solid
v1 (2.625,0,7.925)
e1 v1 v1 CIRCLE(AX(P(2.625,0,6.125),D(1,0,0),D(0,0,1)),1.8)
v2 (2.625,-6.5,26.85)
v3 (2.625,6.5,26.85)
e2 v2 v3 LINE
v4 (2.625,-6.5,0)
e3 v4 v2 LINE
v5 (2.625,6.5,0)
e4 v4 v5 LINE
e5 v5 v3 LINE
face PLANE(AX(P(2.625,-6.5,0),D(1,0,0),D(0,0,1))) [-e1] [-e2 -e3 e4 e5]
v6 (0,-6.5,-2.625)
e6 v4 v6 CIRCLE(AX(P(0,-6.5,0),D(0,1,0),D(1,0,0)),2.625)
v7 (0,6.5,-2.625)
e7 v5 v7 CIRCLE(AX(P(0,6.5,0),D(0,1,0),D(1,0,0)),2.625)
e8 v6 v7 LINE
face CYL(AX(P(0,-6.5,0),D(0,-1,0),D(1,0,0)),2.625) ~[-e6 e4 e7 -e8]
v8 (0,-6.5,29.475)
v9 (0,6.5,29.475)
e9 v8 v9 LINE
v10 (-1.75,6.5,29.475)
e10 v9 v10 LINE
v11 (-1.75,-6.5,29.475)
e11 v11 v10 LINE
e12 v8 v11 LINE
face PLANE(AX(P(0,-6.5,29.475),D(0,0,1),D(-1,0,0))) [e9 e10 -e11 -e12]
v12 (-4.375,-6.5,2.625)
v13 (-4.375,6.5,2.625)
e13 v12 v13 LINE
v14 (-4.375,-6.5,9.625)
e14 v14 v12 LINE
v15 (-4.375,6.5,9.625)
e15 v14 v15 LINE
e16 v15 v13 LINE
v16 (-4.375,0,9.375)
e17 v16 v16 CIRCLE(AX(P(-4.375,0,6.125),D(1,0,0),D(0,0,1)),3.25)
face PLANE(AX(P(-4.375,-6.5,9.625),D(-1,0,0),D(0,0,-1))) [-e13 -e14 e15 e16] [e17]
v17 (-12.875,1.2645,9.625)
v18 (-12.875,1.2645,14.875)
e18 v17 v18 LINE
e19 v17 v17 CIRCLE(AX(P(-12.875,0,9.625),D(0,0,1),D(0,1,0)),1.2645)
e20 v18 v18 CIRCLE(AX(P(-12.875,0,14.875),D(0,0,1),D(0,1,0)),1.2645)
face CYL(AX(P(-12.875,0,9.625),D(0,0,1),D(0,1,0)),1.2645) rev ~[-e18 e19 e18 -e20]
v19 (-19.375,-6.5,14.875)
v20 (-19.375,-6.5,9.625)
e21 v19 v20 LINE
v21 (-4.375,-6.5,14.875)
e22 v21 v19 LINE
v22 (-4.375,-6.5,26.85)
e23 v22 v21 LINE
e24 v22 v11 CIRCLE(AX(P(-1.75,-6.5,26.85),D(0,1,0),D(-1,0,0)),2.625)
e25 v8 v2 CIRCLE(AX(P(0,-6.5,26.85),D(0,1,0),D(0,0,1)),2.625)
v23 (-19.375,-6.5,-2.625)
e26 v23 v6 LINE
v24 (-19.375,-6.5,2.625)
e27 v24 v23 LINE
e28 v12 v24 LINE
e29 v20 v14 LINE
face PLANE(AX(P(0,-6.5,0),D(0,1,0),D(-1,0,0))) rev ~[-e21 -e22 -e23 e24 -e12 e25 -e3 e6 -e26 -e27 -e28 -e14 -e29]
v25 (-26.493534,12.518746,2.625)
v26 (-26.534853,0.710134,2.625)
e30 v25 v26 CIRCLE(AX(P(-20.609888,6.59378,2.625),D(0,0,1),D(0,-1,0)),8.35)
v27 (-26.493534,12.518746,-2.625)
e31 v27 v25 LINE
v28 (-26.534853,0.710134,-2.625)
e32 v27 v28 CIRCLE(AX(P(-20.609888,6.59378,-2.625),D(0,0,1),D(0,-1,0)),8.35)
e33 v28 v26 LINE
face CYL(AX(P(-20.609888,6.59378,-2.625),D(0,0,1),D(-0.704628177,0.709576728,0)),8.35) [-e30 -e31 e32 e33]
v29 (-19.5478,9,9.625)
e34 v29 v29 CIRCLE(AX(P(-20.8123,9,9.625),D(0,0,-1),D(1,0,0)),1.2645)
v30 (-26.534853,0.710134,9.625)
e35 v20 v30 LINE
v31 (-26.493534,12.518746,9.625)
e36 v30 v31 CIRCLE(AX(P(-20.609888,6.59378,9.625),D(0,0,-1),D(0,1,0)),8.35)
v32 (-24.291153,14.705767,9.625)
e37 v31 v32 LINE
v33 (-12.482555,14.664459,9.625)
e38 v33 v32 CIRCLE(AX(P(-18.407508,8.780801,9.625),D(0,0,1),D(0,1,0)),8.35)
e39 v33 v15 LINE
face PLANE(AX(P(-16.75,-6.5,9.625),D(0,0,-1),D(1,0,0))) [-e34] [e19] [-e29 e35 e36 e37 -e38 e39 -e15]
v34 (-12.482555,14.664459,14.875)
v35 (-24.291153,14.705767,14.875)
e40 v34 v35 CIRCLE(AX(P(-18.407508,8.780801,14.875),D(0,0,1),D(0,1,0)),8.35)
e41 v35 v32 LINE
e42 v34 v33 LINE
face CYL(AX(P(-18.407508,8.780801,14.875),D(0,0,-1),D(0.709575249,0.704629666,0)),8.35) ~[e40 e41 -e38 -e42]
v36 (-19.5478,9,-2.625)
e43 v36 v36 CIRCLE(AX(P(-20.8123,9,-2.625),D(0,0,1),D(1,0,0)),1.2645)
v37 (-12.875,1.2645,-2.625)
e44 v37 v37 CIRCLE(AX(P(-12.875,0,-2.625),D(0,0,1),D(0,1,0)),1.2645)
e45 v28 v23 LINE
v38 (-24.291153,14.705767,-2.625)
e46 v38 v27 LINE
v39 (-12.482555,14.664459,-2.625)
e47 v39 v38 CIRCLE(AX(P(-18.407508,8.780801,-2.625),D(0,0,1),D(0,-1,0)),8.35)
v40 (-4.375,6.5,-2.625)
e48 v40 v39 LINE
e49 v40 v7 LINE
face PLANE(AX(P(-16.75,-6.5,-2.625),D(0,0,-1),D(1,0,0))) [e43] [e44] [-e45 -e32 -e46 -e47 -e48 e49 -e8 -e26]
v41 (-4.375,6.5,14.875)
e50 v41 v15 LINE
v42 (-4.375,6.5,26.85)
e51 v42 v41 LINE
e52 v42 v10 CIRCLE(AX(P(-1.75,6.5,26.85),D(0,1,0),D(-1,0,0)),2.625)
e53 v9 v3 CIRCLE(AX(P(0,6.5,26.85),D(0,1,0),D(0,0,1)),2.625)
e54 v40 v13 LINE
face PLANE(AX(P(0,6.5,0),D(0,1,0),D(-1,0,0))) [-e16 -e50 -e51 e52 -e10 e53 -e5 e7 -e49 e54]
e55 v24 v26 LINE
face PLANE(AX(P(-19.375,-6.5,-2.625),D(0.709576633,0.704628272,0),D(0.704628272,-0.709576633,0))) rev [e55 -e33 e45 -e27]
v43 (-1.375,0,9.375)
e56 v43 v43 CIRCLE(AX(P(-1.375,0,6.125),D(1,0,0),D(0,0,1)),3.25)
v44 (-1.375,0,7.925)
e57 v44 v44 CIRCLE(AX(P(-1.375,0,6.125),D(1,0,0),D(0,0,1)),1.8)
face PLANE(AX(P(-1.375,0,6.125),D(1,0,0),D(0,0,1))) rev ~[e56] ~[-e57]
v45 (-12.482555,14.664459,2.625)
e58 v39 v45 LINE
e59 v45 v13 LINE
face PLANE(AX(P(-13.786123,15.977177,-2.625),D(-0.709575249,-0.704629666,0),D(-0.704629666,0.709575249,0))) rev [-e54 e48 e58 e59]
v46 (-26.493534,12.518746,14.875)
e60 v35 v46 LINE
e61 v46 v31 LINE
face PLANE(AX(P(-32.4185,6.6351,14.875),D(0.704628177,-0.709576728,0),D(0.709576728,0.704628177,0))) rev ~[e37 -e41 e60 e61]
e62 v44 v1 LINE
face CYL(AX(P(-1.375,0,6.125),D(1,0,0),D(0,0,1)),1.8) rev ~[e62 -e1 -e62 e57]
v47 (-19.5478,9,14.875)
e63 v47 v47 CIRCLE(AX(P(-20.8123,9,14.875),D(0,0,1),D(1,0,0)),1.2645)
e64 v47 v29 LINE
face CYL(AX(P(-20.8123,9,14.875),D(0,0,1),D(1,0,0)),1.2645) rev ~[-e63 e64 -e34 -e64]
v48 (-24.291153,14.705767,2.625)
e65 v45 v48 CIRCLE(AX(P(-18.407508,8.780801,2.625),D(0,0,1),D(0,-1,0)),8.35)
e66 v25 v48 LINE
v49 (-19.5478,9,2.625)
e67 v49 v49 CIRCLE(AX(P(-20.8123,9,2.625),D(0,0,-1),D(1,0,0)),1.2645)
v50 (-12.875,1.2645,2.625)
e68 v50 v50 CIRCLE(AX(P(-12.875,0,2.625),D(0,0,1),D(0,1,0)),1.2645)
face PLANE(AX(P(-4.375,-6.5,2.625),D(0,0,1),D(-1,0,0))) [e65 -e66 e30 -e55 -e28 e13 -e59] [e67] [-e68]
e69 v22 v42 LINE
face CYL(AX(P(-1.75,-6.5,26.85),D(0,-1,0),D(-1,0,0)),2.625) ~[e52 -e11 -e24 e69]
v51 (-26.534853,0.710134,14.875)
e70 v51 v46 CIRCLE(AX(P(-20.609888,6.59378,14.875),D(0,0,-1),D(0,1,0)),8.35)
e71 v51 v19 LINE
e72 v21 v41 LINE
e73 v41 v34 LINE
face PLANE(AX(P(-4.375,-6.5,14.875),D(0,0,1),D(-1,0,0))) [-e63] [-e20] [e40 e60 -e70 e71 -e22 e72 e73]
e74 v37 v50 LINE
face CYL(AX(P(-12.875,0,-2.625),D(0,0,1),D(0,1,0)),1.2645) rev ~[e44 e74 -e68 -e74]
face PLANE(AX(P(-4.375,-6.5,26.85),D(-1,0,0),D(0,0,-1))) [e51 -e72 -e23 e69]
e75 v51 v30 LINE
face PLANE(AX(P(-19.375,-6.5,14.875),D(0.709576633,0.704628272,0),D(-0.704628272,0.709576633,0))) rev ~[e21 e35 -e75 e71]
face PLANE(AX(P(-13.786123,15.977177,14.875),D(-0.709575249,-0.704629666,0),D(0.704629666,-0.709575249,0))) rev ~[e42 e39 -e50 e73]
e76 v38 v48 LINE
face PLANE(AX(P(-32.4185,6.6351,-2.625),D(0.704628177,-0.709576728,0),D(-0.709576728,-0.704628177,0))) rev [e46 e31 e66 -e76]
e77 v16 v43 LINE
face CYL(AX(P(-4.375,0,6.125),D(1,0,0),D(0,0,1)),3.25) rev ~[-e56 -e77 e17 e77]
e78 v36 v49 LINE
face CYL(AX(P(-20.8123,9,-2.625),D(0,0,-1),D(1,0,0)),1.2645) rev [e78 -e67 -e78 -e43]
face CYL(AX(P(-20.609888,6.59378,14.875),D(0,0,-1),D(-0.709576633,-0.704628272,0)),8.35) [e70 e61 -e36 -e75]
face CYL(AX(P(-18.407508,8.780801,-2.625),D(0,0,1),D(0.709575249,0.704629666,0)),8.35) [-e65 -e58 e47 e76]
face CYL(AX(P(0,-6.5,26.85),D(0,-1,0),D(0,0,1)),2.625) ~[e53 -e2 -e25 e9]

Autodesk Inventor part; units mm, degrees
ref_plane "YZ Plane" through (0, 0, 0) normal (1, 0, 0) x (0, 1, 0)
ref_plane "Work Plane1" through (0, -6.5, 0) normal (0, 1, 0) x (-1, 0, 0)
sketch "Sketch1" plane through (0, -6.5, 0) normal (0, 1, 0) x (-1, 0, 0)
  arc A0 (-2.625, 0) -> (0, -2.625) centre (0, 0) ccw
  line L0 (-2.625, 0) -> (-2.625, 26.85)
  arc A1 (0, 29.475) -> (-2.625, 26.85) centre (0, 26.85) ccw
  line L1 (4.375, 26.85) -> (4.375, 14.875)
  line L2 (16.75, 9.625) -> (4.375, 9.625)
  line L3 (0, 29.475) -> (1.75, 29.475)
  line L4 (4.375, 9.625) -> (4.375, 2.625)
  arc A2 (4.375, 26.85) -> (1.75, 29.475) centre (1.75, 26.85) ccw
  line L5 (4.375, 14.875) -> (16.75, 14.875)
  line L6 (16.75, -2.625) -> (0, -2.625)
  arc A3 (16.75, 9.625) -> (16.75, 14.875) centre (16.75, 12.25) ccw
  line L7 (4.375, 2.625) -> (16.75, 2.625)
  arc A4 (16.75, -2.625) -> (16.75, 2.625) centre (16.75, 0) ccw
  dimension "d35" = 7
  dimension "d36" = 7
  dimension "d37" = 12.375
  dimension "d38" = 5.25
  dimension "d39" = 14.6
extrude "Extrusion2" add sketch "Sketch1" along normal blind 13
hole "Hole3" at (-12.875, 0, 9.625) direction (0, 0, 1) diameter 2.529 depth 5.25
sketch "Sketch3" plane through (-4.375, -6.5, 9.625) normal (0, 0, -1) x (-1, 0, 0)
  point P0 (8.5, 6.5)
hole "Hole1" at (-12.875, 0, -2.625) direction (0, 0, 1) diameter 2.529 depth 5.25
sketch "Sketch6" plane through (-16.75, -6.5, 14.875) normal (0, 0, 1) x (1, 0, 0)
  circle A0 centre (-4.0623, 15.5) radius 4.5
  circle A1 centre (3.875, 6.5) radius 4.5
  circle A2 centre (3.875, 6.5) radius 1.2645 projected
  line L0 (0, 0) -> (12.375, 0) projected
  line L1 (12.375, 0) -> (12.375, 13) projected
  line L2 (0, 13) -> (12.375, 13) projected
  line L3 (0, 0) -> (0, 13) projected
  circle A3 centre (3.875, 6.5) radius 1.2645 projected
  circle A4 centre (-4.0623, 15.5) radius 6.5
  circle A5 centre (3.875, 6.5) radius 6.5
  line L4 (3.875, 11) -> (-4.0623, 11)
  line L5 (0, 0) -> (0, 0) projected
  line L6 (0, 0) -> (0, 13) projected
  line L7 (0, 13) -> (0, 13) projected
  line L8 (0, 0) -> (0, 13) projected
  line L9 (-2.625, 0) -> (-2.625, 13) projected
  line L10 (-2.625, 0) -> (-15.6685, 13.1351)
  line L11 (-15.6685, 13.1351) -> (-1.6162, 27.0894)
  line L12 (12.375, 0) -> (12.375, 13) projected
  line L13 (-1.6162, 27.0894) -> (12.375, 13)
  line L14 (2.9639, 22.4772) -> (-11.0884, 8.5228)
  circle A6 centre (-4.0623, 15.5) radius 1.2645
  point P0 (16.75, 6.5)
  point P1 (-2.625, 11)
  point P2 (-0.8154, 11)
  point P3 (0, 11.7187)
  dimension "d26" = 9
  dimension "d27" = 9
  dimension "d28" = 2
  dimension "d29" = 2
  dimension "d30" = 1
extrude "Extrusion4" add sketch "Sketch6" against normal up to surface (5.25 mm away) contours A0 L14 A6 | A0 L14 A4 L2 L3 A5 L4 L9 | L14 A6 A0 | A0 L14 A4 | L9 L4 A0 | A0 L4 L9 A4 L14 | L14 L13 L2 A4 | A4 L11 L13 L14 | L14 L10 L11 A4 | A4 L9 L10 L14
sketch "Sketch7" plane through (0, -6.5, 0) normal (0, -1, 0) x (1, 0, 0)
  arc A0 (0, -2.625) -> (2.625, 0) centre (0, 0) ccw projected
  line L0 (2.625, 26.85) -> (2.625, 0) projected
  arc A1 (2.625, 26.85) -> (0, 29.475) centre (0, 26.85) ccw projected
  line L1 (-1.75, 29.475) -> (0, 29.475) projected
  arc A2 (-1.75, 29.475) -> (-4.375, 26.85) centre (-1.75, 26.85) ccw projected
  line L2 (-4.375, 14.875) -> (-4.375, 26.85) projected
  line L3 (-16.75, 14.875) -> (-4.375, 14.875) projected
  arc A3 (-16.75, 14.875) -> (-19.375, 12.25) centre (-16.75, 12.25) ccw projected
  arc A4 (-19.375, 12.25) -> (-16.75, 9.625) centre (-16.75, 12.25) ccw projected
  line L4 (-4.375, 9.625) -> (-16.75, 9.625) projected
  line L5 (-4.375, 2.625) -> (-4.375, 9.625) projected
  line L6 (-16.75, 2.625) -> (-4.375, 2.625) projected
  arc A5 (-16.75, 2.625) -> (-16.75, -2.625) centre (-16.75, 0) ccw projected
  line L7 (0, -2.625) -> (-16.75, -2.625) projected
  arc A6 (-17.5654, 14.7451) -> (-19.375, 12.25) centre (-16.75, 12.25) ccw projected
  line L8 (-17.5654, 14.875) -> (-17.5654, 14.7451) projected
  line L9 (-19.375, 14.875) -> (-17.5654, 14.875) projected
  line L10 (-19.375, 14.875) -> (-19.375, 12.25) projected
  line L11 (-32.4185, 9.625) -> (-19.375, 9.625) projected
  line L12 (-19.375, 12.25) -> (-19.375, 9.625) projected
  line L13 (-19.375, 14.875) -> (-19.375, 12.25) projected
  line L14 (-32.4185, 14.875) -> (-19.375, 14.875) projected
  line L15 (-32.4185, 14.875) -> (-32.4185, 9.625) projected
  arc A7 (-19.375, 12.25) -> (-17.5654, 9.7549) centre (-16.75, 12.25) ccw projected
  line L16 (-19.375, 12.25) -> (-19.375, 9.625) projected
  line L17 (-19.375, 9.625) -> (-17.5654, 9.625) projected
  line L18 (-17.5654, 9.7549) -> (-17.5654, 9.625) projected
  line L19 (-17.5654, 9.7549) -> (-17.5654, 9.625) projected
  line L20 (-17.5654, 9.625) -> (-16.75, 9.625) projected
  line L21 (-17.5654, 14.875) -> (-16.75, 14.875) projected
  line L22 (-17.5654, 14.875) -> (-17.5654, 14.7451) projected
  point P0 (-16.75, 9.625)
extrude "Extrusion5" add sketch "Sketch7" against normal blind 15 contours L20 L18 A4 | L18 L17 L12 A4 | A3 L8 L21 | L10 L9 L8 A3
ref_plane "Work Plane2" through (-4.375, -6.5, 6.125) normal (0, 0, -1) x (-1, 0, 0)
mirror "Mirror1" about plane through (-4.375, -6.5, 6.125) normal (0, 0, -1) of "Extrusion4", "Extrusion5"
fillet "Fillet1" radius 8.35 4 edges at (-32.4185, 6.6351, 12.25) (-18.3662, 20.5894, 12.25) (-18.3662, 20.5894, 0) (-32.4185, 6.6351, 0)
sketch "Sketch8" plane through (-4.375, -6.5, 2.625) normal (-1, 0, 0) x (0, 0, 1)
  line L0 (0, 0) -> (7, 0) projected
  line L1 (7, 0) -> (7, 13) projected
  line L2 (0, 13) -> (7, 13) projected
  line L3 (0, 0) -> (0, 13) projected
  line L4 (0, 0) -> (0, 13) projected
  line L5 (0, 6.5) -> (7, 6.5)
  line L6 (7, 0) -> (7, 13) projected
  point P0 (-2.625, 6.5)
  point P1 (3.5, 6.5)
hole "Hole5" at (-4.375, 0, 6.125) direction (1, 0, 0) diameter 3.6 end through all counterbore diameter 6.5 counterbore depth 3 clearance for "Socket Head Cap Screw" size "M3" standard "Ansi Metric M Profile"
sketch "Sketch5" plane through (0, -6.5, -2.625) normal (0, 0, -1) x (-1, 0, 0)
  point P0 (12.875, 6.5)
properties part number "Idle belt holder"
